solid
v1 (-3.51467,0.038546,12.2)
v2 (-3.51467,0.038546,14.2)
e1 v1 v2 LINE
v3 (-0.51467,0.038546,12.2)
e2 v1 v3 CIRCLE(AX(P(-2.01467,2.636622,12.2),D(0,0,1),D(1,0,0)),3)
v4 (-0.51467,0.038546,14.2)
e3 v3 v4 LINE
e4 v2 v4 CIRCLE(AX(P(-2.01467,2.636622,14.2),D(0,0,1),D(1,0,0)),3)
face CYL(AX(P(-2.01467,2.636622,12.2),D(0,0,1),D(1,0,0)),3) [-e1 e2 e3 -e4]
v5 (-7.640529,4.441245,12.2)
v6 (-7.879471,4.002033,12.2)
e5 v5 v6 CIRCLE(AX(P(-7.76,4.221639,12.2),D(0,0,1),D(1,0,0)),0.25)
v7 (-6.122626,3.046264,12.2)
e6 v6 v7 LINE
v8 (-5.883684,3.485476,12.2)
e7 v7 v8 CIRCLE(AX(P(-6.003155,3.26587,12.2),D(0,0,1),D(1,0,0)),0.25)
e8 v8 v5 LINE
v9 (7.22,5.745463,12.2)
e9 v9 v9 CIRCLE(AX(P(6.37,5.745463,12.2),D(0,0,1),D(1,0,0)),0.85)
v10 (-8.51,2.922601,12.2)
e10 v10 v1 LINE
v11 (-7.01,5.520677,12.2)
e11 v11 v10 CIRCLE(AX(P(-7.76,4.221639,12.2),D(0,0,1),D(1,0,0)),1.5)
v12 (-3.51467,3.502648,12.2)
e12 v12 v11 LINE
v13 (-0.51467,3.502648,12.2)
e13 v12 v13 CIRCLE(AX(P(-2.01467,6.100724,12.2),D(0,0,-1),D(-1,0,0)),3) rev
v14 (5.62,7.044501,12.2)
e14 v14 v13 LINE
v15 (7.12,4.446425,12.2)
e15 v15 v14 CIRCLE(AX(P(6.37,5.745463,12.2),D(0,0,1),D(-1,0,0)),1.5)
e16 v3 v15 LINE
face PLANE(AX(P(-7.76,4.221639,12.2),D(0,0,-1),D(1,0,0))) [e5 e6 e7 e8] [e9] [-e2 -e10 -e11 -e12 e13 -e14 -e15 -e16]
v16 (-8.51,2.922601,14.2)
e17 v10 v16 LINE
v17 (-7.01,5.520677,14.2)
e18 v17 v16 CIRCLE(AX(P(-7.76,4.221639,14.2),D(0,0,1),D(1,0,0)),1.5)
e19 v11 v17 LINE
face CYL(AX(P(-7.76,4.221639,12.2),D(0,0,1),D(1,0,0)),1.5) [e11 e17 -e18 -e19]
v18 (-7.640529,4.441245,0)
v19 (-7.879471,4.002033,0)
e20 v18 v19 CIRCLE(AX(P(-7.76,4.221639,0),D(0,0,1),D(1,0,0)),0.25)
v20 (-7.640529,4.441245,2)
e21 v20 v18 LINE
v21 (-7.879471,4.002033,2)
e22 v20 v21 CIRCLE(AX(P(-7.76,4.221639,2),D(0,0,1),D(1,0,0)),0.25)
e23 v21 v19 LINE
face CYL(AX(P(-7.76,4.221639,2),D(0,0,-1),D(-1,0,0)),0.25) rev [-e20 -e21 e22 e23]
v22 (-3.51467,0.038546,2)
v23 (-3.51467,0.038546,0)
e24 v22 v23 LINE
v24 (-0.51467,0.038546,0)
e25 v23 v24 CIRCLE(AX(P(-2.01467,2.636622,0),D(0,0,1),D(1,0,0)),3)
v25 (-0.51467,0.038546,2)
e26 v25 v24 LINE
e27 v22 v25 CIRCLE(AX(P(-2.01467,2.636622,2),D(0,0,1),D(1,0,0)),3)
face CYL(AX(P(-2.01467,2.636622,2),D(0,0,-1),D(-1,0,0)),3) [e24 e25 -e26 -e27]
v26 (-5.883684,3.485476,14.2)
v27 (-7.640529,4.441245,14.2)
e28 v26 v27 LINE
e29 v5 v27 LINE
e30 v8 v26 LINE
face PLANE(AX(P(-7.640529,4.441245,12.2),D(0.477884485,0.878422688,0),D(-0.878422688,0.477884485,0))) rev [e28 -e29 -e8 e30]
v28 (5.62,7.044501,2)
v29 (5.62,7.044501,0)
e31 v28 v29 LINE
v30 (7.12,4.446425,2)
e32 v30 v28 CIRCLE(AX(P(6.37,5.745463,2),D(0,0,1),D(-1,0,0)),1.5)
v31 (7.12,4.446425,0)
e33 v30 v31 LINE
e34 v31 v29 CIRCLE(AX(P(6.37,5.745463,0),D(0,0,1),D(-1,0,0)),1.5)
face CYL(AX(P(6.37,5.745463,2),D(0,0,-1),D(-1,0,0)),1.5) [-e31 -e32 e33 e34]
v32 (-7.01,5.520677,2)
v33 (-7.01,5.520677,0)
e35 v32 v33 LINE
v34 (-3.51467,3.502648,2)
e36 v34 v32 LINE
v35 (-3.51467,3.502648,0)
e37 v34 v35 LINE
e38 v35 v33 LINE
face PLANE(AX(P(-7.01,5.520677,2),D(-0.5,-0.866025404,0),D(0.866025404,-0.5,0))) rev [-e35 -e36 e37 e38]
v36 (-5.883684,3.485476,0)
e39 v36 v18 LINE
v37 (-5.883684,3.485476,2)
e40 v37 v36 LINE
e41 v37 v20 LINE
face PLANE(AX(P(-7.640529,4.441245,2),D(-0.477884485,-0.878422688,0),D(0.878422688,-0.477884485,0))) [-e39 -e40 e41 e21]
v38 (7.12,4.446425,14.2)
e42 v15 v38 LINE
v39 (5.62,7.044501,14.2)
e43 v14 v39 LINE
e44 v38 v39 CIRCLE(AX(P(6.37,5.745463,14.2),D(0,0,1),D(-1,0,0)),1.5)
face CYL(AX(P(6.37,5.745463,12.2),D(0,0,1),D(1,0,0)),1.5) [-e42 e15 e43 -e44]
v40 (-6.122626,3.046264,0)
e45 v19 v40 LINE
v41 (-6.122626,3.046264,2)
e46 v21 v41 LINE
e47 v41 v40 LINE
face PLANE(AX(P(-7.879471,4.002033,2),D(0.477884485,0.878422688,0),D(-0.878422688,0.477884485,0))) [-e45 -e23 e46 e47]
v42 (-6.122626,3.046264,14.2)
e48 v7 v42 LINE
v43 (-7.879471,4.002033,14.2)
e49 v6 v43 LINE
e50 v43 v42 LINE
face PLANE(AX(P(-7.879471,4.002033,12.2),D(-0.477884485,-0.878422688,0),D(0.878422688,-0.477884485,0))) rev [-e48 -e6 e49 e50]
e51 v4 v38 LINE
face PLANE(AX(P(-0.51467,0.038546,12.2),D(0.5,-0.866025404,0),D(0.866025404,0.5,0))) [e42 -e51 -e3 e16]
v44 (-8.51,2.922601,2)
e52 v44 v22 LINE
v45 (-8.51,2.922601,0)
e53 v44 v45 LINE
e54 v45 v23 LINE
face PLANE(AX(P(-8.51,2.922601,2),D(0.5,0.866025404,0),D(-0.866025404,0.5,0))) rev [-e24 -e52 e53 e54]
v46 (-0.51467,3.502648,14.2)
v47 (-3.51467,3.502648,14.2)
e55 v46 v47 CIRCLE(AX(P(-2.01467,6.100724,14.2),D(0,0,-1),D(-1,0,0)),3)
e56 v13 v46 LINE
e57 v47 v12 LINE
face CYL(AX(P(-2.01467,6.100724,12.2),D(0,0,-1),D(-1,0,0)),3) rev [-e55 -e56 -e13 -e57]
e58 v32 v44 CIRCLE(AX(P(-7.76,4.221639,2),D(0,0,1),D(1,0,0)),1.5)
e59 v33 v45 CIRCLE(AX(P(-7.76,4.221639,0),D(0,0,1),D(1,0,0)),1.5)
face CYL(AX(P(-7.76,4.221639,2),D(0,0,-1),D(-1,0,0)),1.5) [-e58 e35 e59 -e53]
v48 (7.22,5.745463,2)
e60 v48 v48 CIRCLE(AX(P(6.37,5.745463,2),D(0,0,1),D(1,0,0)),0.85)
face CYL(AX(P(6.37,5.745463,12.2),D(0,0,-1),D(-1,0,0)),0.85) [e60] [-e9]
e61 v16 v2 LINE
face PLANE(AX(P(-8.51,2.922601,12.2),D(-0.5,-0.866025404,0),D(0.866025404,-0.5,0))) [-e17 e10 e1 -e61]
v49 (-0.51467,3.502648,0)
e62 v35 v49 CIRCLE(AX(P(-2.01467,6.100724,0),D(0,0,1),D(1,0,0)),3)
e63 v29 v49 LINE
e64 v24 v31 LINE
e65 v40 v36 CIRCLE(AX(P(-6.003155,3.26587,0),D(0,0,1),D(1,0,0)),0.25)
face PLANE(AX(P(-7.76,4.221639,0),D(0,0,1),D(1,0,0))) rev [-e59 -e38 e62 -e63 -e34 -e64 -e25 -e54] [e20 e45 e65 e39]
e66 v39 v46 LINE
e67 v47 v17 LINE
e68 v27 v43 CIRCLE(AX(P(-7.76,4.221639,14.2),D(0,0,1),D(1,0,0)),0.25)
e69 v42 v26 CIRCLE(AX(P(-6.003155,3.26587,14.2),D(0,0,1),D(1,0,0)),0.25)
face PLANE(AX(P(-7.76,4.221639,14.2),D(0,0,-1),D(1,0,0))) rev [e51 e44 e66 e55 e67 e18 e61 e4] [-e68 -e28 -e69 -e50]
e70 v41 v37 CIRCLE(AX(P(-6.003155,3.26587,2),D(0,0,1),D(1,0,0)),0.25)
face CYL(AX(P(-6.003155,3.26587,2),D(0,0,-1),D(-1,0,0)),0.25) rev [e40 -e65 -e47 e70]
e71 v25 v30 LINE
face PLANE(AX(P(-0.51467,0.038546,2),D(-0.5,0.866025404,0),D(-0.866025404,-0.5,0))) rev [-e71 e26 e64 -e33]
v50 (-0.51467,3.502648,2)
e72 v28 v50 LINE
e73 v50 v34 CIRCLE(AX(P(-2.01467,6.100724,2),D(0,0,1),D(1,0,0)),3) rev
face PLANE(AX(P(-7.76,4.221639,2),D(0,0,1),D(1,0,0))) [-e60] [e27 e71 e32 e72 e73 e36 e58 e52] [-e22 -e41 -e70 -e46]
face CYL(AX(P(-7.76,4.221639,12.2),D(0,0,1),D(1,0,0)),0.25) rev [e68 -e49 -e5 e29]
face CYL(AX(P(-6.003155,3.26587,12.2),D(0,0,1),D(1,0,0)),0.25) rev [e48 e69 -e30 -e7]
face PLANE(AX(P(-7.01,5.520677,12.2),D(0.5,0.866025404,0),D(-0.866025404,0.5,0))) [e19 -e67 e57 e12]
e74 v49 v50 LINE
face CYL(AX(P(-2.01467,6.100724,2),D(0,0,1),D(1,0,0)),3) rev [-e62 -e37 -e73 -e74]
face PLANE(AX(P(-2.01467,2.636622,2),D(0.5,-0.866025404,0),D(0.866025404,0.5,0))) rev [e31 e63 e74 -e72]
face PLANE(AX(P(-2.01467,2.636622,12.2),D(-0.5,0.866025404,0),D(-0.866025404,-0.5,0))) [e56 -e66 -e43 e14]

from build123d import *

# Parameters (mm, degrees)
BOSS_EXTRUDE1_DEPTH = 2
SKETCH2_R           = 0.85
BOSS_EXTRUDE2_DEPTH = 10.2
FILLET1_R           = 3


with BuildPart() as part:
    # Sketch1 → Boss-Extrude1 (new body)
    with BuildSketch(Plane.XY):
        with BuildLine():
            Line((-7.01, 5.520677243), (-2.014670258, 2.636622271))
            Line((-2.014670258, 2.636622271), (5.62, 7.0445012))
            ThreePointArc((5.62, 7.0445012), (7.669038106, 6.495463094), (7.12, 4.446424988))
            Line((7.12, 4.446424988), (-0.514670258, 0.03854606))
            ThreePointArc((-0.514670258, 0.03854606), (-2.014670258, -0.363377729), (-3.514670258, 0.03854606))
            Line((-3.514670258, 0.03854606), (-8.51, 2.922601032))
            ThreePointArc((-8.51, 2.922601032), (-9.059038106, 4.971639137), (-7.01, 5.520677243))
        make_face()
        with BuildLine():
            Line((-7.640528879, 4.441244809), (-5.883683502, 3.48547584))
            ThreePointArc((-5.883683502, 3.48547584), (-5.783548951, 3.146399047), (-6.122625744, 3.046264496))
            Line((-6.122625744, 3.046264496), (-7.879471121, 4.002033465))
            ThreePointArc((-7.879471121, 4.002033465), (-7.979605672, 4.341110258), (-7.640528879, 4.441244809))
        make_face(mode=Mode.SUBTRACT)
    boss_extrude1 = extrude(amount=BOSS_EXTRUDE1_DEPTH)

    # Sketch2 → Boss-Extrude2 (add)
    with BuildSketch(Plane.XY.offset(2)):
        with Locations((6.37, 5.745463094)):
            Circle(SKETCH2_R)
    extrude(amount=BOSS_EXTRUDE2_DEPTH)

    # Mirror1: Boss-Extrude1 across plane
    add(boss_extrude1.mirror(Plane.XY.offset(7.1)))

    # Fillet1
    fillet1_edges = [part.edges().sort_by_distance(p)[0] for p in [
        (-2.014670258, 2.636622271, 1),
        (-2.014670258, 2.636622271, 13.2),
    ]]
    fillet(fillet1_edges, radius=FILLET1_R)


solid = part.part
